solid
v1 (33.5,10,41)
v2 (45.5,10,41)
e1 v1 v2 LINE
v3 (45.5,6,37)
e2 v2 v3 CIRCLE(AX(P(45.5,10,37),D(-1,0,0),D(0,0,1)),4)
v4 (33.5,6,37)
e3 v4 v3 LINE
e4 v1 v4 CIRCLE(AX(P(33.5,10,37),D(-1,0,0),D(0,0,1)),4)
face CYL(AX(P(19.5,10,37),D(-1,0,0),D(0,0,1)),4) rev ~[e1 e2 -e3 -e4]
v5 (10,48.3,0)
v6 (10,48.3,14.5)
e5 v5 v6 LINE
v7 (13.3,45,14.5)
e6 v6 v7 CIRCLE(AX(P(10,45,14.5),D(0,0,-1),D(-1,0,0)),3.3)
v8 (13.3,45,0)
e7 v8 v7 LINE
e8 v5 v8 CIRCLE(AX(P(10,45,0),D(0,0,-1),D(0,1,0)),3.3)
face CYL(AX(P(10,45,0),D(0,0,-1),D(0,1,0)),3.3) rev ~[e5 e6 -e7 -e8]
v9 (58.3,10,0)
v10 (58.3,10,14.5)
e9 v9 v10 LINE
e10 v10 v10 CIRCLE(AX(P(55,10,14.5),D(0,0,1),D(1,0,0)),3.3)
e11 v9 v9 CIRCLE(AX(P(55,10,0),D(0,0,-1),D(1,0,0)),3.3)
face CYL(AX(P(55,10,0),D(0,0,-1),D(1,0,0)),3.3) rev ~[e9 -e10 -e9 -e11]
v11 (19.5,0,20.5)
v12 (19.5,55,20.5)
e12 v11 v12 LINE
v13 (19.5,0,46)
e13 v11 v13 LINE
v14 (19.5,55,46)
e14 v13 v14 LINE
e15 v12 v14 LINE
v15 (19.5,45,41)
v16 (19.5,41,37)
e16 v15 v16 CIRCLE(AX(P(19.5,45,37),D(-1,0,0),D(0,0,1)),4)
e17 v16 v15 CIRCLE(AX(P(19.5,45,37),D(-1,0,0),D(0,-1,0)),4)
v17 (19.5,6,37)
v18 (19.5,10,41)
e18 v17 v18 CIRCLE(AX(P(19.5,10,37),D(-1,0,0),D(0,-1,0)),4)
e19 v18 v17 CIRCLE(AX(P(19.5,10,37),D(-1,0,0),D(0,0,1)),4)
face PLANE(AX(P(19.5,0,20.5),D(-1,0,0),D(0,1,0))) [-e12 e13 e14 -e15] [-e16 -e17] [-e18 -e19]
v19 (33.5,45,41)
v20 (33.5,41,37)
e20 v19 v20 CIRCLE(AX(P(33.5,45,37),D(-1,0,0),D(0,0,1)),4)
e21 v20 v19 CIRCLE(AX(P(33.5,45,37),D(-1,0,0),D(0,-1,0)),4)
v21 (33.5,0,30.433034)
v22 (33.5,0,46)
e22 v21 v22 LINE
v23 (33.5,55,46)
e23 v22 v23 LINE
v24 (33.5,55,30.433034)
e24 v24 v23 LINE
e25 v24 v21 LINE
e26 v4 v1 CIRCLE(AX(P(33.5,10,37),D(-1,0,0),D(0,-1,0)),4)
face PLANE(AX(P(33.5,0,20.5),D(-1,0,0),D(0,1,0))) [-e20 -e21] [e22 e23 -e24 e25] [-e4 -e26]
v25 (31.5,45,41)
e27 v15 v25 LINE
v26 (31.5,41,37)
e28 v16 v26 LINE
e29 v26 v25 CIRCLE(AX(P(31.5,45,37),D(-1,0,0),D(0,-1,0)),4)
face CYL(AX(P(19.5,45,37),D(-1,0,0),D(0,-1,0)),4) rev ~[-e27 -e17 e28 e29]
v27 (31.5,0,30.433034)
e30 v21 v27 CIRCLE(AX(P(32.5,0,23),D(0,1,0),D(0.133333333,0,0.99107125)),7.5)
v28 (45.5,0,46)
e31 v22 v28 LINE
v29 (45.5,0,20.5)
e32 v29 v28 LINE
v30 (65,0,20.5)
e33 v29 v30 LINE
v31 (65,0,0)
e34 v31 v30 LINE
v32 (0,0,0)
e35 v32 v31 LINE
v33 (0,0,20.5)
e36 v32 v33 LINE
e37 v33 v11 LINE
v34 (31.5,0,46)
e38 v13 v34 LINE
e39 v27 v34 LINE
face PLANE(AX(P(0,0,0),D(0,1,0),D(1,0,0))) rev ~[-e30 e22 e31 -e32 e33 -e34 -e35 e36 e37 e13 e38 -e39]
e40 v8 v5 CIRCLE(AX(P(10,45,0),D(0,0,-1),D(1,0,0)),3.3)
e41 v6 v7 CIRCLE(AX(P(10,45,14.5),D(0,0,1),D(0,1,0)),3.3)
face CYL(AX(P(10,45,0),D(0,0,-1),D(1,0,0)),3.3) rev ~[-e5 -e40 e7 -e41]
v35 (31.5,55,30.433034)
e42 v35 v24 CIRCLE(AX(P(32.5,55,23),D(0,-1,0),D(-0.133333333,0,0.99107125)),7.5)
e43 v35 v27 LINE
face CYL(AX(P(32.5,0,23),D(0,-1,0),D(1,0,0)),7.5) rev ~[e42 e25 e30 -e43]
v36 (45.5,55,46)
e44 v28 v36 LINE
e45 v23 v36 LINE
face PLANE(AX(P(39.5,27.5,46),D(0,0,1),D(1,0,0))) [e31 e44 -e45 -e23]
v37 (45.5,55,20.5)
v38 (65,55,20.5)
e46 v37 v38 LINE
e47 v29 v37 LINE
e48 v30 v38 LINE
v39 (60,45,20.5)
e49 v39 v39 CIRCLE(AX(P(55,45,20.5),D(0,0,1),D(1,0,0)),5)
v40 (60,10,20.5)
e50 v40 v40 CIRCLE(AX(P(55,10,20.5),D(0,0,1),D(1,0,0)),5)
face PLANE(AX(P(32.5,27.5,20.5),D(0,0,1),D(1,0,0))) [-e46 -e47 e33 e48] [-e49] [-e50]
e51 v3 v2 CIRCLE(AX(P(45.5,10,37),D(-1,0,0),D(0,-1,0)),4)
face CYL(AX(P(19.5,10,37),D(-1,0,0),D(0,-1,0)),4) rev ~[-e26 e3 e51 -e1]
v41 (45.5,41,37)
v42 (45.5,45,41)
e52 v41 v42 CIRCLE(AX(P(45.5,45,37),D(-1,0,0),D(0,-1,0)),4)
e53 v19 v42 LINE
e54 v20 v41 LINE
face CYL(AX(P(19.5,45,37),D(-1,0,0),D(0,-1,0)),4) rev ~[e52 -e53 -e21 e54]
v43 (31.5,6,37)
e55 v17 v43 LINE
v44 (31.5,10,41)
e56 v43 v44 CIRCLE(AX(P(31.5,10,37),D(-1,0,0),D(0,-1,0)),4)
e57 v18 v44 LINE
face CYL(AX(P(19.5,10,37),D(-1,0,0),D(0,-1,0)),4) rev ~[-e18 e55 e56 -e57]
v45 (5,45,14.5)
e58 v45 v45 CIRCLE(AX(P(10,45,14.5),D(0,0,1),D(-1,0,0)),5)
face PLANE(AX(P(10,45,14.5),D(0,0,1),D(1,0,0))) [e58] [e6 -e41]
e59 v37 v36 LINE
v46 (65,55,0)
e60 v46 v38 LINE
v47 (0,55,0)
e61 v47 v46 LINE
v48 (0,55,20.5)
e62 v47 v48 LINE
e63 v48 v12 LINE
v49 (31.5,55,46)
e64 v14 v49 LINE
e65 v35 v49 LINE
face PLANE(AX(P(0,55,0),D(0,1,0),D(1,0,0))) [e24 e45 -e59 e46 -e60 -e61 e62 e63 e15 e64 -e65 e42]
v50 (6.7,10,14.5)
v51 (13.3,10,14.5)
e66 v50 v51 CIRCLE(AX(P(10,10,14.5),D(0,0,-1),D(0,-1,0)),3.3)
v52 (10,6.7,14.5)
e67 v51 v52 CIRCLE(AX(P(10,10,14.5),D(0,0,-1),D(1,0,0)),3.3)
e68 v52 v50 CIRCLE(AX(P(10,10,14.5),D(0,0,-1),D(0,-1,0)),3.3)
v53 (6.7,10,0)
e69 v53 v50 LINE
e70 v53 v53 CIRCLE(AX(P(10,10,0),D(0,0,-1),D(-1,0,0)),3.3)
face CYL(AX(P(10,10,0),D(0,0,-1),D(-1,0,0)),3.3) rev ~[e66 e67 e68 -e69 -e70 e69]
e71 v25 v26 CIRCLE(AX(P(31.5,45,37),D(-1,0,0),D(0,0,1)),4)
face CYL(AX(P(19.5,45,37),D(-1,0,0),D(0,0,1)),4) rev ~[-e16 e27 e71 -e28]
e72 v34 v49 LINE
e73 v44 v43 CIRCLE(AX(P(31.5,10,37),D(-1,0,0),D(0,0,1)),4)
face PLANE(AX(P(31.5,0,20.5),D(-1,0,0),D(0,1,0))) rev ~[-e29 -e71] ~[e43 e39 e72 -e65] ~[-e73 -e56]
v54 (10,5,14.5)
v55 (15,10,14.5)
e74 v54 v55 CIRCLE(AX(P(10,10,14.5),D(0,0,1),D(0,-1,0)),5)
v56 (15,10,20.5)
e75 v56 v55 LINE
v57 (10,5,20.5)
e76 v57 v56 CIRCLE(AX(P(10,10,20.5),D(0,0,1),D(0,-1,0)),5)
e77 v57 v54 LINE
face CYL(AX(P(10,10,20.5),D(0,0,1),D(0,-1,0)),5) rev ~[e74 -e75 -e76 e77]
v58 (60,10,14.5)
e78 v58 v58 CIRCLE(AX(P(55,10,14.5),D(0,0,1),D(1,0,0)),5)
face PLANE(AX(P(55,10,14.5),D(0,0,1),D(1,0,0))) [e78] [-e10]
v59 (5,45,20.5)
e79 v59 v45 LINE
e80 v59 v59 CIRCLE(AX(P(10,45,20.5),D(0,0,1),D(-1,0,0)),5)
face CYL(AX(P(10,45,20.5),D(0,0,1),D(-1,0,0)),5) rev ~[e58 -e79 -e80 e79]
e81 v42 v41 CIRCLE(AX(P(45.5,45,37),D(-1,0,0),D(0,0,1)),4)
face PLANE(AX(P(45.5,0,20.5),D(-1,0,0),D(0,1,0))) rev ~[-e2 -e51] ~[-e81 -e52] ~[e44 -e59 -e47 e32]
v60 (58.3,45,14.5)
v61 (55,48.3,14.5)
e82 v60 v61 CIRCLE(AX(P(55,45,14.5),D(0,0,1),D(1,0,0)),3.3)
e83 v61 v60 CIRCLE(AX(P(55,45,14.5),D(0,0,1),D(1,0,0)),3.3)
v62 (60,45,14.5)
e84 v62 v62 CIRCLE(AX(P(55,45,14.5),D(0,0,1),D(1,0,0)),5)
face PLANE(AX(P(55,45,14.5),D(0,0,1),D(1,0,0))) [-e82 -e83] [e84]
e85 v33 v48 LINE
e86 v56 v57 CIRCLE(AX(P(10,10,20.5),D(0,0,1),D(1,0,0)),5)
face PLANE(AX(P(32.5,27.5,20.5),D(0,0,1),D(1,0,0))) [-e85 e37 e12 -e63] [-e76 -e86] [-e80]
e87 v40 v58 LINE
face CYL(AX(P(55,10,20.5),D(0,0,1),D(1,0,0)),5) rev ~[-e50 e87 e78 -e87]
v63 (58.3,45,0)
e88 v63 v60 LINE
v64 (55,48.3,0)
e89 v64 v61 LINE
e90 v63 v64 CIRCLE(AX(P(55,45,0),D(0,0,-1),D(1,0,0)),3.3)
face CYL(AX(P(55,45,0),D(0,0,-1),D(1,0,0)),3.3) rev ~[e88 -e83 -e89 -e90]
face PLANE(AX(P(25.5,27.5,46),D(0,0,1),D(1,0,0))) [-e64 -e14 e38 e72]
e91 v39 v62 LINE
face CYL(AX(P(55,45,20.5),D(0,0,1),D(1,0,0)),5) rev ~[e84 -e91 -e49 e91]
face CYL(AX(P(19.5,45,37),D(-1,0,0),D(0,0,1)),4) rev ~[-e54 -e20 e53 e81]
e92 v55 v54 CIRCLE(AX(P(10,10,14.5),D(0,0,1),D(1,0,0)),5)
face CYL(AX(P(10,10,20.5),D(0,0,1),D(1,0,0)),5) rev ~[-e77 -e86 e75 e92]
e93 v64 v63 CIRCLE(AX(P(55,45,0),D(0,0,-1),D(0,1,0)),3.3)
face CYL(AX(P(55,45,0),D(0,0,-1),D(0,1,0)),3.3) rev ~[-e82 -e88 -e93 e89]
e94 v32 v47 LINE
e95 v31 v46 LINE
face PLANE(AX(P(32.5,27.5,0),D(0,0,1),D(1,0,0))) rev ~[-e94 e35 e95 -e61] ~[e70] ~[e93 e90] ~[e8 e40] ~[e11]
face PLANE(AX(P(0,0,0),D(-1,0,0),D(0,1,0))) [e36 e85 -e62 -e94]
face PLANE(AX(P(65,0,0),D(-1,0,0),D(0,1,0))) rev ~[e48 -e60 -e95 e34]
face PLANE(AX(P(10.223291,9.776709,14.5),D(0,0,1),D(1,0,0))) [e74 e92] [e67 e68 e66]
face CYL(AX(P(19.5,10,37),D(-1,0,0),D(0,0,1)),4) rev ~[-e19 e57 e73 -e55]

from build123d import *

# Parameters (mm, degrees)
F0_W      = 65
F0_H      = 55
F1_DEPTH  = 20.5
F2_W      = 12
F2_H      = 55
F3_DEPTH  = 25.5
F5_DEPTH  = 74.8
F7_DEPTH  = 37.2
F9_R      = 5
F9_R_2    = 3.3
F10_DEPTH = 6
F8_R      = 3.3
F11_DEPTH = 45.5


with BuildPart() as f1:
    # F0 (on Top) → F1 (new body)
    with BuildSketch(Plane.XY):
        with Locations((32.5, 27.5)):
            Rectangle(F0_W, F0_H)
    extrude(amount=F1_DEPTH)

    # F2 (on face) → F3 (join)
    with BuildSketch(Plane.XY.offset(20.5)):
        with Locations((25.5, 27.5)):
            Rectangle(F2_W, F2_H)
        with Locations((39.5, 27.5)):
            Rectangle(F2_W, F2_H)
    extrude(amount=F3_DEPTH)

    # F4 (on face) → F5 (cut)
    with BuildSketch(Plane.XZ):
        with BuildLine():
            ThreePointArc((25, 23), (32.5, 15.5), (40, 23))
            ThreePointArc((40, 23), (32.5, 30.5), (25, 23))
        make_face()
    extrude(amount=-F5_DEPTH, mode=Mode.SUBTRACT)

    # F6 (on face) → F7 (cut)
    with BuildSketch(Plane(origin=(19.5, 0, 0), x_dir=(0, -1, 0), z_dir=(-1, 0, 0))):
        with BuildLine():
            ThreePointArc((-45, 41), (-47.8284271247, 34.1715728753), (-41, 37))
            ThreePointArc((-41, 37), (-42.1715728753, 39.8284271247), (-45, 41))
        make_face()
        with BuildLine():
            ThreePointArc((-10, 41), (-12.8284271247, 34.1715728753), (-6, 37))
            ThreePointArc((-6, 37), (-7.1715728753, 39.8284271247), (-10, 41))
        make_face()
    extrude(amount=-F7_DEPTH, mode=Mode.SUBTRACT)

    # F9 (on face) → F10 (cut)
    with BuildSketch(Plane.XY.offset(20.5)):
        with Locations((55, 45)):
            Circle(F9_R)
        with Locations((55, 45)):
            Circle(F9_R_2, mode=Mode.SUBTRACT)
        with BuildLine():
            ThreePointArc((15, 45), (10, 50), (5, 45))
            ThreePointArc((5, 45), (10, 40), (15, 45))
        make_face()
        with BuildLine():
            ThreePointArc((13.3, 45), (10, 41.7), (6.7, 45))
            ThreePointArc((6.7, 45), (10, 48.3), (13.3, 45))
        make_face(mode=Mode.SUBTRACT)
        with BuildLine():
            ThreePointArc((15, 10), (6.4644660941, 13.5355339059), (10, 5))
            ThreePointArc((10, 5), (13.5355339059, 6.4644660941), (15, 10))
        make_face()
        with BuildLine():
            ThreePointArc((13.3, 10), (12.3334523779, 7.6665476221), (10, 6.7))
            ThreePointArc((10, 6.7), (7.6665476221, 12.3334523779), (13.3, 10))
        make_face(mode=Mode.SUBTRACT)
        with Locations((55, 10)):
            Circle(F9_R)
        with Locations((55, 10)):
            Circle(F9_R_2, mode=Mode.SUBTRACT)
    extrude(amount=-F10_DEPTH, mode=Mode.SUBTRACT)

    # F8 (on face) → F11 (cut)
    with BuildSketch(Plane(origin=(0, 0, 0), x_dir=(1, 0, 0), z_dir=(0, 0, -1))):
        with BuildLine():
            ThreePointArc((13.3, -45), (7.6665476221, -42.6665476221), (10, -48.3))
            ThreePointArc((10, -48.3), (12.3334523779, -47.3334523779), (13.3, -45))
        make_face()
        with BuildLine():
            ThreePointArc((58.3, -45), (52.6665476221, -42.6665476221), (55, -48.3))
            ThreePointArc((55, -48.3), (57.3334523779, -47.3334523779), (58.3, -45))
        make_face()
        with Locations((55, -10)):
            Circle(F8_R)
        with BuildLine():
            ThreePointArc((13.3, -10), (10, -6.7), (6.7, -10))
            ThreePointArc((6.7, -10), (10, -13.3), (13.3, -10))
        make_face()
    extrude(amount=-F11_DEPTH, mode=Mode.SUBTRACT)


solid = f1.part
